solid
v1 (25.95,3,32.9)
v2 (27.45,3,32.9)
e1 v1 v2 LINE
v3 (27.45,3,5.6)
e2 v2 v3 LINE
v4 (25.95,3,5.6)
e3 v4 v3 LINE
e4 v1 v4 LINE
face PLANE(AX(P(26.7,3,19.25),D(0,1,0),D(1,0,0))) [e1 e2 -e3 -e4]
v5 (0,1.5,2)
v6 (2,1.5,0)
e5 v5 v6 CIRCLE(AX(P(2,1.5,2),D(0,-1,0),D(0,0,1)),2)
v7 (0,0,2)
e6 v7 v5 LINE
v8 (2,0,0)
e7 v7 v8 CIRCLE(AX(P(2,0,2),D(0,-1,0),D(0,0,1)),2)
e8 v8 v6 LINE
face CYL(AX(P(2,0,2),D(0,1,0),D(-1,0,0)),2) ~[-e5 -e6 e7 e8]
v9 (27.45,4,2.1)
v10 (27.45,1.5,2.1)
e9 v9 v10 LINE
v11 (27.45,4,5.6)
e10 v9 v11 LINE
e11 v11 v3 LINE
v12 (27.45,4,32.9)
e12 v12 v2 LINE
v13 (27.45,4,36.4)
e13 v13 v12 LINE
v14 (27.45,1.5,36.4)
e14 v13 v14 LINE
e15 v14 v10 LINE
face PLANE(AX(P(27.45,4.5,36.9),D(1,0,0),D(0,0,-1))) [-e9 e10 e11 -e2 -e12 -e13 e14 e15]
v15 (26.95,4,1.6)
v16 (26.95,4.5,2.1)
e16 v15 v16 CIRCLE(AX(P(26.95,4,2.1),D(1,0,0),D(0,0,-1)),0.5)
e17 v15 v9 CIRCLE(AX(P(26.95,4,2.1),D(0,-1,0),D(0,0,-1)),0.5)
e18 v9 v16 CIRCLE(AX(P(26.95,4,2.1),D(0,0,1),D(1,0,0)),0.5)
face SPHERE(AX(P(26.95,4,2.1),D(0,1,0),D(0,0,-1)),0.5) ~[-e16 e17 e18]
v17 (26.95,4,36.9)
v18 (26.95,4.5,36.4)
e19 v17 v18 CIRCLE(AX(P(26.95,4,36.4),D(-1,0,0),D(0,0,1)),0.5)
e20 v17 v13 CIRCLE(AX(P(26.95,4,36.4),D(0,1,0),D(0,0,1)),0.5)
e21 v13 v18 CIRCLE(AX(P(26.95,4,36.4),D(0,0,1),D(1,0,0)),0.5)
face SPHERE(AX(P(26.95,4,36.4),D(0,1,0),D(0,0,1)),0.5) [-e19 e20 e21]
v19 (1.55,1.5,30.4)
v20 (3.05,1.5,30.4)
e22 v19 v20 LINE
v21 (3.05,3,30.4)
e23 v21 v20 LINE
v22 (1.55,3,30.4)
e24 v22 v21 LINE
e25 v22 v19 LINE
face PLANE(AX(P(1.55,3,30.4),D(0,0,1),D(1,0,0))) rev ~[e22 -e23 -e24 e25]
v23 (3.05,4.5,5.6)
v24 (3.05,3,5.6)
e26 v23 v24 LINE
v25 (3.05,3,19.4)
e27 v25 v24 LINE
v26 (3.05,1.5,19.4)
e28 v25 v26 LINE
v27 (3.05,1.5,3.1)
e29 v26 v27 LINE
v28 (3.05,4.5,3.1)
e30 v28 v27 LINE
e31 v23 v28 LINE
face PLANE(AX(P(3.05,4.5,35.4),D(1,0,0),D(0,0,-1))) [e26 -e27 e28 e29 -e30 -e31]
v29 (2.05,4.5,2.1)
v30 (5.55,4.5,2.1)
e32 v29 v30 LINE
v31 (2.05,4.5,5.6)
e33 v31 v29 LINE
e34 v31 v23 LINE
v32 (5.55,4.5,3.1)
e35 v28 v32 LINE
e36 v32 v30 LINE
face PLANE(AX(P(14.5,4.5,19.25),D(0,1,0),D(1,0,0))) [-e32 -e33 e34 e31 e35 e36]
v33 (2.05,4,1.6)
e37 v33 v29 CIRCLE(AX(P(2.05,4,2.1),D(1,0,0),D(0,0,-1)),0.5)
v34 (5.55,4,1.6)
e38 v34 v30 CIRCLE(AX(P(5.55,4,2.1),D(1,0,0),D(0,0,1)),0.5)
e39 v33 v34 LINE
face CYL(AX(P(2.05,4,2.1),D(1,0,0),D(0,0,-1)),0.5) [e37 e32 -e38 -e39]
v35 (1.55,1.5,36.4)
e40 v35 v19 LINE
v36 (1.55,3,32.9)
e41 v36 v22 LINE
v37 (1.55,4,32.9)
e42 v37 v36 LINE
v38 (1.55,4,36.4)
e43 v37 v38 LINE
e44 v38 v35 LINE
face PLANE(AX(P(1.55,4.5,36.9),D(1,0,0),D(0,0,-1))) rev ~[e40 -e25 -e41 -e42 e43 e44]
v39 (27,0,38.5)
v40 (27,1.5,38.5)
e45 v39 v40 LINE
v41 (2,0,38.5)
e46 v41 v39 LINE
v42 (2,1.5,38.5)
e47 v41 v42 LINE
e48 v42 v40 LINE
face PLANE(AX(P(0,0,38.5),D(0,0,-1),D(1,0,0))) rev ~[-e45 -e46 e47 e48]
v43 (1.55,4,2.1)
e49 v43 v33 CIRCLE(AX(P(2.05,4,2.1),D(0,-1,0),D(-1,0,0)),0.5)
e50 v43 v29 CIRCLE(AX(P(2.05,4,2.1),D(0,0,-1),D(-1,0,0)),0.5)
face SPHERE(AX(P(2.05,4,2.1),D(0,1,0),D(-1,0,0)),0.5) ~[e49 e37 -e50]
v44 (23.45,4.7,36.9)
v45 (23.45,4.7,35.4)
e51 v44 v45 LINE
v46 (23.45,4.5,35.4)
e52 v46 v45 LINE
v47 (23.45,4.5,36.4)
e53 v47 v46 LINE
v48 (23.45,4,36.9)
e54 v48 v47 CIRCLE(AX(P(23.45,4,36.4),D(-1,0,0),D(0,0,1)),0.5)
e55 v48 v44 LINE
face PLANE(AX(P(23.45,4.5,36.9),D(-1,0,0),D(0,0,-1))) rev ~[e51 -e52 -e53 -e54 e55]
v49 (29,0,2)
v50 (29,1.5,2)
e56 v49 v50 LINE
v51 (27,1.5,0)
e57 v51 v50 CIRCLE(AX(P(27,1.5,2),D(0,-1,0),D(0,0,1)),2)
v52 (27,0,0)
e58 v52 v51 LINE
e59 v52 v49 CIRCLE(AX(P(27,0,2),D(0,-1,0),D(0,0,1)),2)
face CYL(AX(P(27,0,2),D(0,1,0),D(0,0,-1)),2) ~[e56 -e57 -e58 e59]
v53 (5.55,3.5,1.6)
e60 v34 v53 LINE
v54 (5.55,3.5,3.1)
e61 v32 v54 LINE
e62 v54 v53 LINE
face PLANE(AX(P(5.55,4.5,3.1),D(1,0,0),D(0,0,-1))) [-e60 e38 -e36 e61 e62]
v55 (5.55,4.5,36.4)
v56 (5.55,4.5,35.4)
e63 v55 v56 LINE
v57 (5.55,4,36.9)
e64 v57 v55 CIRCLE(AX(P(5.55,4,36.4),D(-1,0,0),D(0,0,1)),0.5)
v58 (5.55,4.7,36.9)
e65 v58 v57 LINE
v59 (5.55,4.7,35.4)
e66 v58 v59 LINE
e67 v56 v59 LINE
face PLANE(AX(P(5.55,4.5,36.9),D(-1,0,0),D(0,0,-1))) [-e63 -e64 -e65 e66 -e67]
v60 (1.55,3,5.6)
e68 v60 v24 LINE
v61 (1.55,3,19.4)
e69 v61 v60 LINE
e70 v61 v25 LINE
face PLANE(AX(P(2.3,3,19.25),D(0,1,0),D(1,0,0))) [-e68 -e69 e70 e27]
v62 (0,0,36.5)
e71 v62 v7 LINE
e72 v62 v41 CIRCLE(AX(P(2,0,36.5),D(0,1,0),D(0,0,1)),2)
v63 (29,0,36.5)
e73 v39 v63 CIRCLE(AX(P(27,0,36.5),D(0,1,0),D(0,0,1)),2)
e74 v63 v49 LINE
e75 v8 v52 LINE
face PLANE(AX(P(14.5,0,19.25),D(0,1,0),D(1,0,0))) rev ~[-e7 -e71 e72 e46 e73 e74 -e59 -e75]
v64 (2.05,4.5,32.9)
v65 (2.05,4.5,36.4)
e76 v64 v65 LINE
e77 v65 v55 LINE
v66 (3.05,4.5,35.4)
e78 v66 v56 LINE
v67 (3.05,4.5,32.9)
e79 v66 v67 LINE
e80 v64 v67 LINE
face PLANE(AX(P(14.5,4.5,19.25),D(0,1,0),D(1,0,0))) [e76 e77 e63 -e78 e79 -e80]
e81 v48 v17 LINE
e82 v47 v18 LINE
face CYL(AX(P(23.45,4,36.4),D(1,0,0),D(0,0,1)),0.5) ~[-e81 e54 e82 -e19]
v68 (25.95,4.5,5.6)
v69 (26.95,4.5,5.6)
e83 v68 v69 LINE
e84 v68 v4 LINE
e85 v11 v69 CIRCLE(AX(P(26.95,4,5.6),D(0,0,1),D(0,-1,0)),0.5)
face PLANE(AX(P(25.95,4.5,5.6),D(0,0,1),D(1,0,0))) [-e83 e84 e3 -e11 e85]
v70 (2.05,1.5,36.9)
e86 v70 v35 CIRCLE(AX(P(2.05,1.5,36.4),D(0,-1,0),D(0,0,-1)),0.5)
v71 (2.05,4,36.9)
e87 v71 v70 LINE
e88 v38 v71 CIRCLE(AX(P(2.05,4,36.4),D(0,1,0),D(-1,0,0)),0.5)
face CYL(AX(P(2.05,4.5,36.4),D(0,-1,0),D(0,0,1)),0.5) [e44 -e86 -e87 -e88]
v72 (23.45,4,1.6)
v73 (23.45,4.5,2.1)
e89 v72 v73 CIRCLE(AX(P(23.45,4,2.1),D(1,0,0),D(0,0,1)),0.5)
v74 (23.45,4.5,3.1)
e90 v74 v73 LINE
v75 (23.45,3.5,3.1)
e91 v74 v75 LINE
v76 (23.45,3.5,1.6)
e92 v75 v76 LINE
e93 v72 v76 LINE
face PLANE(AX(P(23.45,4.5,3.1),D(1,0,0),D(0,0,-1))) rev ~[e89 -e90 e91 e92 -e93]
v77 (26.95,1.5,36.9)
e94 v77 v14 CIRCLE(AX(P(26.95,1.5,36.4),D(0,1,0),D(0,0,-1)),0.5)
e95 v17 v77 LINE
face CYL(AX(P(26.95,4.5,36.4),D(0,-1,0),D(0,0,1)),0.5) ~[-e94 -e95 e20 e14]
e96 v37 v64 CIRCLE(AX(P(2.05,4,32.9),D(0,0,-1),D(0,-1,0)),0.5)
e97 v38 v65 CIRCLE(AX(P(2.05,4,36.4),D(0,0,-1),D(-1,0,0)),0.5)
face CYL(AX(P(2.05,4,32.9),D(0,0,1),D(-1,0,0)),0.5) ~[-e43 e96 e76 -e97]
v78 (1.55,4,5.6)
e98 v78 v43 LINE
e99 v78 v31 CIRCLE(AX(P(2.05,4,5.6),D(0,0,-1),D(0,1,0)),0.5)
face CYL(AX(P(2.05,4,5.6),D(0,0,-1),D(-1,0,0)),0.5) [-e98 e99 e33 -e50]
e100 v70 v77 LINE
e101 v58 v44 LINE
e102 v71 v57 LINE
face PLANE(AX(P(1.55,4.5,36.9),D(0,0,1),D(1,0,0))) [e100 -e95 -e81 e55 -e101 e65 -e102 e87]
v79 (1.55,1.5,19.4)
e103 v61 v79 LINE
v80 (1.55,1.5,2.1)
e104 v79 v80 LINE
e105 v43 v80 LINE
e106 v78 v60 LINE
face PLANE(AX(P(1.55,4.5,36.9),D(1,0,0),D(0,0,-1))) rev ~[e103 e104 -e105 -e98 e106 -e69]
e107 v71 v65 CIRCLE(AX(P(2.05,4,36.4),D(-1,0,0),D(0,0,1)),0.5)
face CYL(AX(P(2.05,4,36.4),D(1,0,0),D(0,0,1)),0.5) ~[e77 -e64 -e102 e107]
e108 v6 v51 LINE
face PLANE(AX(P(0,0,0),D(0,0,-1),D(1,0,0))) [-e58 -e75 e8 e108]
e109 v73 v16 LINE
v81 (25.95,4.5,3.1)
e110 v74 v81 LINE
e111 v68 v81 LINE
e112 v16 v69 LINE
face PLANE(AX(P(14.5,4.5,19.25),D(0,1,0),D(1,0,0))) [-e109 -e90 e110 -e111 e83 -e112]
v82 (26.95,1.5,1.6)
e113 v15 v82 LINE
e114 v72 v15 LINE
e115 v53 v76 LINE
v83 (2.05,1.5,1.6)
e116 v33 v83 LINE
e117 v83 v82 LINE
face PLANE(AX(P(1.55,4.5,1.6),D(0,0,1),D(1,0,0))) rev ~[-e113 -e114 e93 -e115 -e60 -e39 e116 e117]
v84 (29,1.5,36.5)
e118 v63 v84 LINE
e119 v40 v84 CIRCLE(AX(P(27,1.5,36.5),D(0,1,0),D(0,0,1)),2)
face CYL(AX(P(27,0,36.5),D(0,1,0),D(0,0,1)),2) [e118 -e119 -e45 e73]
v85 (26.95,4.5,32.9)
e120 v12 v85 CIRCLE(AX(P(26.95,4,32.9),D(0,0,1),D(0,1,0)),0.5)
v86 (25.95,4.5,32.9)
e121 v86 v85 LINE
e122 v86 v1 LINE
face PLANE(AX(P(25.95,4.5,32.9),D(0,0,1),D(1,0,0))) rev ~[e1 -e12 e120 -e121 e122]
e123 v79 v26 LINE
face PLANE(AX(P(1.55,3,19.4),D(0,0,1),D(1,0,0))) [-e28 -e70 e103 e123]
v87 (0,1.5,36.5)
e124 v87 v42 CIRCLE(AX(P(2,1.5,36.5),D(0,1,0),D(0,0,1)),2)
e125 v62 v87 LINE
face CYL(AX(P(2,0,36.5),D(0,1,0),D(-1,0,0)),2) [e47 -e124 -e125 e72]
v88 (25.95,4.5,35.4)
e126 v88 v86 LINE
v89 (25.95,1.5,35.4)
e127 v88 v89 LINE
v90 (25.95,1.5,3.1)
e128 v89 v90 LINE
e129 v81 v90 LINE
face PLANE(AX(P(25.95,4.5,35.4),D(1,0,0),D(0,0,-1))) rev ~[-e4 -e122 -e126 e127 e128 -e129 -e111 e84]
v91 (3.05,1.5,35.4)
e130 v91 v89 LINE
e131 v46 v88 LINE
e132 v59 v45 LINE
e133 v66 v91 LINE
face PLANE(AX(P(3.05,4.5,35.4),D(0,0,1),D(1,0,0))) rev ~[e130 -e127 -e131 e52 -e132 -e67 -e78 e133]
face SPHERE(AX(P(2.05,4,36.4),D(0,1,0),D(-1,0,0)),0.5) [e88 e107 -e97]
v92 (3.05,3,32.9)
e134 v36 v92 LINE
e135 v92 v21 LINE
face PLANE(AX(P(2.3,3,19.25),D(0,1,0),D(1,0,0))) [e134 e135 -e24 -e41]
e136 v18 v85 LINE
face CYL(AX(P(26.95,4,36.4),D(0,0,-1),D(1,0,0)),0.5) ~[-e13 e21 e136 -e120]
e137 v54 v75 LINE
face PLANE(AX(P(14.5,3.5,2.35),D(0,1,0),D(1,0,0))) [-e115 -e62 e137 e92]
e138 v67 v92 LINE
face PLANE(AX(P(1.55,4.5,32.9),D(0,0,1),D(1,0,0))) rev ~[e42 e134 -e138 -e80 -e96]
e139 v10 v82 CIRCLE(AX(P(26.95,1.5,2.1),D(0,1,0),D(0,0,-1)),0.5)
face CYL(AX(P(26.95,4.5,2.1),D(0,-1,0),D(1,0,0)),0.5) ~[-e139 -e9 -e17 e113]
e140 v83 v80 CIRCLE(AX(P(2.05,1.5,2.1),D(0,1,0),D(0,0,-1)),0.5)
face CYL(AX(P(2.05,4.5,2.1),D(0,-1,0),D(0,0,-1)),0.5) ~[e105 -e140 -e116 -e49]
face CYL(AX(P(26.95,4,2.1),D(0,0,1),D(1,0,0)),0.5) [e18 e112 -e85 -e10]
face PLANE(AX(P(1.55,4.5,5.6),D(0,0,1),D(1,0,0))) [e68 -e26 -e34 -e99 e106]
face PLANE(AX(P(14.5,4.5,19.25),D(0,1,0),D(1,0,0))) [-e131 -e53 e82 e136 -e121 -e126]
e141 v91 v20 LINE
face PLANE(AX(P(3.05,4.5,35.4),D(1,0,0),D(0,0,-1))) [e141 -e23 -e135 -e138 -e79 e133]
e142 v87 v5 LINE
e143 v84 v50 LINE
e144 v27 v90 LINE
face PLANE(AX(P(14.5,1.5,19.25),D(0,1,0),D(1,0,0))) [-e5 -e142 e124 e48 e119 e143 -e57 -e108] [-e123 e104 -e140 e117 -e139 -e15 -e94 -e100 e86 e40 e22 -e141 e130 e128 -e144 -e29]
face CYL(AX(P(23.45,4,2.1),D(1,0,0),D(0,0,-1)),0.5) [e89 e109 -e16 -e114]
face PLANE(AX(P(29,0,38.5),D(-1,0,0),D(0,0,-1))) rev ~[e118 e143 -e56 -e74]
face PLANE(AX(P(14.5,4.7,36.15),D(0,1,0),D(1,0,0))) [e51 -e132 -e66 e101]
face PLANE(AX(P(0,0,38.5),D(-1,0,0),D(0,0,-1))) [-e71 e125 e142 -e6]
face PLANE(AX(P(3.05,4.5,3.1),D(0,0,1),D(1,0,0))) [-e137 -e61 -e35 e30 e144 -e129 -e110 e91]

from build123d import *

# Parameters (mm, degrees)
SKETCH_1_W          = 29
SKETCH_1_H          = 38.5
EXTRUDE_2_DEPTH     = 4.5
SKETCH_3_W          = 29
SKETCH_3_H          = 38.5
SKETCH_3_W_2        = 25.9
SKETCH_3_H_2        = 35.3
CUT_EXTRUDE_1_DEPTH = 3
SKETCH_4_W          = 22.9
SKETCH_4_H          = 32.3
CUT_EXTRUDE_2_DEPTH = 3
SKETCH_5_W          = 17.9
SKETCH_5_H          = 1.5
CUT_EXTRUDE_3_DEPTH = 1
SKETCH_6_W          = 1.5
SKETCH_6_H          = 27.3
CUT_EXTRUDE_5_DEPTH = 1.5
FILLET_1_R          = 2
FILLET_5_R          = 0.5
SKETCH_8_W          = 17.9
SKETCH_8_H          = 1.5
EXTRUDE_7_DEPTH     = 0.2
FILLET_6_R          = 0.5
SKETCH_10_W         = 1.5
SKETCH_10_H         = 11
CUT_EXTRUDE_6_DEPTH = 1.5


with BuildPart() as part:
    # 草图1 → 凸台-拉伸2 (new body)
    with BuildSketch(Plane(origin=(0, 0, 0), x_dir=(1, 0, 0), z_dir=(0, 1, 0))):
        with Locations((14.5, -19.25)):
            Rectangle(SKETCH_1_W, SKETCH_1_H)
    extrude(amount=EXTRUDE_2_DEPTH)

    # 草图3 → 切除-拉伸1 (cut)
    with BuildSketch(Plane(origin=(0, 4.5, 0), x_dir=(1, 0, 0), z_dir=(0, 1, 0))):
        with Locations((14.5, -19.25)):
            Rectangle(SKETCH_3_W, SKETCH_3_H)
        with Locations((14.5, -19.25)):
            Rectangle(SKETCH_3_W_2, SKETCH_3_H_2, mode=Mode.SUBTRACT)
    extrude(amount=-CUT_EXTRUDE_1_DEPTH, mode=Mode.SUBTRACT)

    # 草图4 → 切除-拉伸2 (cut)
    with BuildSketch(Plane(origin=(0, 4.5, 0), x_dir=(1, 0, 0), z_dir=(0, 1, 0))):
        with Locations((14.5, -19.25)):
            Rectangle(SKETCH_4_W, SKETCH_4_H)
    extrude(amount=-CUT_EXTRUDE_2_DEPTH, mode=Mode.SUBTRACT)

    # 草图5 → 切除-拉伸3 (cut)
    with BuildSketch(Plane(origin=(0, 4.5, 0), x_dir=(1, 0, 0), z_dir=(0, 1, 0))):
        with Locations((14.5, -2.35)):
            Rectangle(SKETCH_5_W, SKETCH_5_H)
    extrude(amount=-CUT_EXTRUDE_3_DEPTH, mode=Mode.SUBTRACT)

    # 草图6 → 切除-拉伸5 (cut)
    with BuildSketch(Plane(origin=(0, 4.5, 0), x_dir=(1, 0, 0), z_dir=(0, 1, 0))):
        with Locations((2.3, -19.25)):
            Rectangle(SKETCH_6_W, SKETCH_6_H)
        with Locations((26.7, -19.25)):
            Rectangle(SKETCH_6_W, SKETCH_6_H)
    extrude(amount=-CUT_EXTRUDE_5_DEPTH, mode=Mode.SUBTRACT)

    # 圆角1
    fillet_1_edges = [part.edges().sort_by_distance(p)[0] for p in [
        (0, 0.75, 0),
        (29, 0.75, 0),
        (29, 0.75, 38.5),
        (0, 0.75, 38.5),
    ]]
    fillet(fillet_1_edges, radius=FILLET_1_R)

    # 圆角5
    fillet_5_edges = [part.edges().sort_by_distance(p)[0] for p in [
        (1.55, 3, 1.6),
        (27.45, 3, 1.6),
        (27.45, 3, 36.9),
        (1.55, 3, 36.9),
    ]]
    fillet(fillet_5_edges, radius=FILLET_5_R)

    # 草图8 → 凸台-拉伸7 (add)
    with BuildSketch(Plane(origin=(0, 4.5, 0), x_dir=(1, 0, 0), z_dir=(0, 1, 0))):
        with Locations((14.5, -36.15)):
            Rectangle(SKETCH_8_W, SKETCH_8_H)
    extrude(amount=EXTRUDE_7_DEPTH)

    # 圆角6
    fillet_6_edges = [part.edges().sort_by_distance(p)[0] for p in [
        (27.45, 4.5, 34.65),
        (25.2, 4.5, 1.6),
        (27.303553391, 4.5, 1.746446609),
        (1.55, 4.5, 3.85),
        (1.696446609, 4.5, 1.746446609),
        (3.8, 4.5, 36.9),
        (27.303553391, 4.5, 36.753553391),
        (1.696446609, 4.5, 36.753553391),
        (25.2, 4.5, 36.9),
        (3.8, 4.5, 1.6),
        (1.55, 4.5, 34.65),
        (27.45, 4.5, 3.85),
    ]]
    fillet(fillet_6_edges, radius=FILLET_6_R)

    # 草图10 → 切除-拉伸6 (cut)
    with BuildSketch(Plane(origin=(0, 3, 0), x_dir=(1, 0, 0), z_dir=(0, 1, 0))):
        with Locations((2.3, -24.9)):
            Rectangle(SKETCH_10_W, SKETCH_10_H)
    extrude(amount=-CUT_EXTRUDE_6_DEPTH, mode=Mode.SUBTRACT)


solid = part.part
